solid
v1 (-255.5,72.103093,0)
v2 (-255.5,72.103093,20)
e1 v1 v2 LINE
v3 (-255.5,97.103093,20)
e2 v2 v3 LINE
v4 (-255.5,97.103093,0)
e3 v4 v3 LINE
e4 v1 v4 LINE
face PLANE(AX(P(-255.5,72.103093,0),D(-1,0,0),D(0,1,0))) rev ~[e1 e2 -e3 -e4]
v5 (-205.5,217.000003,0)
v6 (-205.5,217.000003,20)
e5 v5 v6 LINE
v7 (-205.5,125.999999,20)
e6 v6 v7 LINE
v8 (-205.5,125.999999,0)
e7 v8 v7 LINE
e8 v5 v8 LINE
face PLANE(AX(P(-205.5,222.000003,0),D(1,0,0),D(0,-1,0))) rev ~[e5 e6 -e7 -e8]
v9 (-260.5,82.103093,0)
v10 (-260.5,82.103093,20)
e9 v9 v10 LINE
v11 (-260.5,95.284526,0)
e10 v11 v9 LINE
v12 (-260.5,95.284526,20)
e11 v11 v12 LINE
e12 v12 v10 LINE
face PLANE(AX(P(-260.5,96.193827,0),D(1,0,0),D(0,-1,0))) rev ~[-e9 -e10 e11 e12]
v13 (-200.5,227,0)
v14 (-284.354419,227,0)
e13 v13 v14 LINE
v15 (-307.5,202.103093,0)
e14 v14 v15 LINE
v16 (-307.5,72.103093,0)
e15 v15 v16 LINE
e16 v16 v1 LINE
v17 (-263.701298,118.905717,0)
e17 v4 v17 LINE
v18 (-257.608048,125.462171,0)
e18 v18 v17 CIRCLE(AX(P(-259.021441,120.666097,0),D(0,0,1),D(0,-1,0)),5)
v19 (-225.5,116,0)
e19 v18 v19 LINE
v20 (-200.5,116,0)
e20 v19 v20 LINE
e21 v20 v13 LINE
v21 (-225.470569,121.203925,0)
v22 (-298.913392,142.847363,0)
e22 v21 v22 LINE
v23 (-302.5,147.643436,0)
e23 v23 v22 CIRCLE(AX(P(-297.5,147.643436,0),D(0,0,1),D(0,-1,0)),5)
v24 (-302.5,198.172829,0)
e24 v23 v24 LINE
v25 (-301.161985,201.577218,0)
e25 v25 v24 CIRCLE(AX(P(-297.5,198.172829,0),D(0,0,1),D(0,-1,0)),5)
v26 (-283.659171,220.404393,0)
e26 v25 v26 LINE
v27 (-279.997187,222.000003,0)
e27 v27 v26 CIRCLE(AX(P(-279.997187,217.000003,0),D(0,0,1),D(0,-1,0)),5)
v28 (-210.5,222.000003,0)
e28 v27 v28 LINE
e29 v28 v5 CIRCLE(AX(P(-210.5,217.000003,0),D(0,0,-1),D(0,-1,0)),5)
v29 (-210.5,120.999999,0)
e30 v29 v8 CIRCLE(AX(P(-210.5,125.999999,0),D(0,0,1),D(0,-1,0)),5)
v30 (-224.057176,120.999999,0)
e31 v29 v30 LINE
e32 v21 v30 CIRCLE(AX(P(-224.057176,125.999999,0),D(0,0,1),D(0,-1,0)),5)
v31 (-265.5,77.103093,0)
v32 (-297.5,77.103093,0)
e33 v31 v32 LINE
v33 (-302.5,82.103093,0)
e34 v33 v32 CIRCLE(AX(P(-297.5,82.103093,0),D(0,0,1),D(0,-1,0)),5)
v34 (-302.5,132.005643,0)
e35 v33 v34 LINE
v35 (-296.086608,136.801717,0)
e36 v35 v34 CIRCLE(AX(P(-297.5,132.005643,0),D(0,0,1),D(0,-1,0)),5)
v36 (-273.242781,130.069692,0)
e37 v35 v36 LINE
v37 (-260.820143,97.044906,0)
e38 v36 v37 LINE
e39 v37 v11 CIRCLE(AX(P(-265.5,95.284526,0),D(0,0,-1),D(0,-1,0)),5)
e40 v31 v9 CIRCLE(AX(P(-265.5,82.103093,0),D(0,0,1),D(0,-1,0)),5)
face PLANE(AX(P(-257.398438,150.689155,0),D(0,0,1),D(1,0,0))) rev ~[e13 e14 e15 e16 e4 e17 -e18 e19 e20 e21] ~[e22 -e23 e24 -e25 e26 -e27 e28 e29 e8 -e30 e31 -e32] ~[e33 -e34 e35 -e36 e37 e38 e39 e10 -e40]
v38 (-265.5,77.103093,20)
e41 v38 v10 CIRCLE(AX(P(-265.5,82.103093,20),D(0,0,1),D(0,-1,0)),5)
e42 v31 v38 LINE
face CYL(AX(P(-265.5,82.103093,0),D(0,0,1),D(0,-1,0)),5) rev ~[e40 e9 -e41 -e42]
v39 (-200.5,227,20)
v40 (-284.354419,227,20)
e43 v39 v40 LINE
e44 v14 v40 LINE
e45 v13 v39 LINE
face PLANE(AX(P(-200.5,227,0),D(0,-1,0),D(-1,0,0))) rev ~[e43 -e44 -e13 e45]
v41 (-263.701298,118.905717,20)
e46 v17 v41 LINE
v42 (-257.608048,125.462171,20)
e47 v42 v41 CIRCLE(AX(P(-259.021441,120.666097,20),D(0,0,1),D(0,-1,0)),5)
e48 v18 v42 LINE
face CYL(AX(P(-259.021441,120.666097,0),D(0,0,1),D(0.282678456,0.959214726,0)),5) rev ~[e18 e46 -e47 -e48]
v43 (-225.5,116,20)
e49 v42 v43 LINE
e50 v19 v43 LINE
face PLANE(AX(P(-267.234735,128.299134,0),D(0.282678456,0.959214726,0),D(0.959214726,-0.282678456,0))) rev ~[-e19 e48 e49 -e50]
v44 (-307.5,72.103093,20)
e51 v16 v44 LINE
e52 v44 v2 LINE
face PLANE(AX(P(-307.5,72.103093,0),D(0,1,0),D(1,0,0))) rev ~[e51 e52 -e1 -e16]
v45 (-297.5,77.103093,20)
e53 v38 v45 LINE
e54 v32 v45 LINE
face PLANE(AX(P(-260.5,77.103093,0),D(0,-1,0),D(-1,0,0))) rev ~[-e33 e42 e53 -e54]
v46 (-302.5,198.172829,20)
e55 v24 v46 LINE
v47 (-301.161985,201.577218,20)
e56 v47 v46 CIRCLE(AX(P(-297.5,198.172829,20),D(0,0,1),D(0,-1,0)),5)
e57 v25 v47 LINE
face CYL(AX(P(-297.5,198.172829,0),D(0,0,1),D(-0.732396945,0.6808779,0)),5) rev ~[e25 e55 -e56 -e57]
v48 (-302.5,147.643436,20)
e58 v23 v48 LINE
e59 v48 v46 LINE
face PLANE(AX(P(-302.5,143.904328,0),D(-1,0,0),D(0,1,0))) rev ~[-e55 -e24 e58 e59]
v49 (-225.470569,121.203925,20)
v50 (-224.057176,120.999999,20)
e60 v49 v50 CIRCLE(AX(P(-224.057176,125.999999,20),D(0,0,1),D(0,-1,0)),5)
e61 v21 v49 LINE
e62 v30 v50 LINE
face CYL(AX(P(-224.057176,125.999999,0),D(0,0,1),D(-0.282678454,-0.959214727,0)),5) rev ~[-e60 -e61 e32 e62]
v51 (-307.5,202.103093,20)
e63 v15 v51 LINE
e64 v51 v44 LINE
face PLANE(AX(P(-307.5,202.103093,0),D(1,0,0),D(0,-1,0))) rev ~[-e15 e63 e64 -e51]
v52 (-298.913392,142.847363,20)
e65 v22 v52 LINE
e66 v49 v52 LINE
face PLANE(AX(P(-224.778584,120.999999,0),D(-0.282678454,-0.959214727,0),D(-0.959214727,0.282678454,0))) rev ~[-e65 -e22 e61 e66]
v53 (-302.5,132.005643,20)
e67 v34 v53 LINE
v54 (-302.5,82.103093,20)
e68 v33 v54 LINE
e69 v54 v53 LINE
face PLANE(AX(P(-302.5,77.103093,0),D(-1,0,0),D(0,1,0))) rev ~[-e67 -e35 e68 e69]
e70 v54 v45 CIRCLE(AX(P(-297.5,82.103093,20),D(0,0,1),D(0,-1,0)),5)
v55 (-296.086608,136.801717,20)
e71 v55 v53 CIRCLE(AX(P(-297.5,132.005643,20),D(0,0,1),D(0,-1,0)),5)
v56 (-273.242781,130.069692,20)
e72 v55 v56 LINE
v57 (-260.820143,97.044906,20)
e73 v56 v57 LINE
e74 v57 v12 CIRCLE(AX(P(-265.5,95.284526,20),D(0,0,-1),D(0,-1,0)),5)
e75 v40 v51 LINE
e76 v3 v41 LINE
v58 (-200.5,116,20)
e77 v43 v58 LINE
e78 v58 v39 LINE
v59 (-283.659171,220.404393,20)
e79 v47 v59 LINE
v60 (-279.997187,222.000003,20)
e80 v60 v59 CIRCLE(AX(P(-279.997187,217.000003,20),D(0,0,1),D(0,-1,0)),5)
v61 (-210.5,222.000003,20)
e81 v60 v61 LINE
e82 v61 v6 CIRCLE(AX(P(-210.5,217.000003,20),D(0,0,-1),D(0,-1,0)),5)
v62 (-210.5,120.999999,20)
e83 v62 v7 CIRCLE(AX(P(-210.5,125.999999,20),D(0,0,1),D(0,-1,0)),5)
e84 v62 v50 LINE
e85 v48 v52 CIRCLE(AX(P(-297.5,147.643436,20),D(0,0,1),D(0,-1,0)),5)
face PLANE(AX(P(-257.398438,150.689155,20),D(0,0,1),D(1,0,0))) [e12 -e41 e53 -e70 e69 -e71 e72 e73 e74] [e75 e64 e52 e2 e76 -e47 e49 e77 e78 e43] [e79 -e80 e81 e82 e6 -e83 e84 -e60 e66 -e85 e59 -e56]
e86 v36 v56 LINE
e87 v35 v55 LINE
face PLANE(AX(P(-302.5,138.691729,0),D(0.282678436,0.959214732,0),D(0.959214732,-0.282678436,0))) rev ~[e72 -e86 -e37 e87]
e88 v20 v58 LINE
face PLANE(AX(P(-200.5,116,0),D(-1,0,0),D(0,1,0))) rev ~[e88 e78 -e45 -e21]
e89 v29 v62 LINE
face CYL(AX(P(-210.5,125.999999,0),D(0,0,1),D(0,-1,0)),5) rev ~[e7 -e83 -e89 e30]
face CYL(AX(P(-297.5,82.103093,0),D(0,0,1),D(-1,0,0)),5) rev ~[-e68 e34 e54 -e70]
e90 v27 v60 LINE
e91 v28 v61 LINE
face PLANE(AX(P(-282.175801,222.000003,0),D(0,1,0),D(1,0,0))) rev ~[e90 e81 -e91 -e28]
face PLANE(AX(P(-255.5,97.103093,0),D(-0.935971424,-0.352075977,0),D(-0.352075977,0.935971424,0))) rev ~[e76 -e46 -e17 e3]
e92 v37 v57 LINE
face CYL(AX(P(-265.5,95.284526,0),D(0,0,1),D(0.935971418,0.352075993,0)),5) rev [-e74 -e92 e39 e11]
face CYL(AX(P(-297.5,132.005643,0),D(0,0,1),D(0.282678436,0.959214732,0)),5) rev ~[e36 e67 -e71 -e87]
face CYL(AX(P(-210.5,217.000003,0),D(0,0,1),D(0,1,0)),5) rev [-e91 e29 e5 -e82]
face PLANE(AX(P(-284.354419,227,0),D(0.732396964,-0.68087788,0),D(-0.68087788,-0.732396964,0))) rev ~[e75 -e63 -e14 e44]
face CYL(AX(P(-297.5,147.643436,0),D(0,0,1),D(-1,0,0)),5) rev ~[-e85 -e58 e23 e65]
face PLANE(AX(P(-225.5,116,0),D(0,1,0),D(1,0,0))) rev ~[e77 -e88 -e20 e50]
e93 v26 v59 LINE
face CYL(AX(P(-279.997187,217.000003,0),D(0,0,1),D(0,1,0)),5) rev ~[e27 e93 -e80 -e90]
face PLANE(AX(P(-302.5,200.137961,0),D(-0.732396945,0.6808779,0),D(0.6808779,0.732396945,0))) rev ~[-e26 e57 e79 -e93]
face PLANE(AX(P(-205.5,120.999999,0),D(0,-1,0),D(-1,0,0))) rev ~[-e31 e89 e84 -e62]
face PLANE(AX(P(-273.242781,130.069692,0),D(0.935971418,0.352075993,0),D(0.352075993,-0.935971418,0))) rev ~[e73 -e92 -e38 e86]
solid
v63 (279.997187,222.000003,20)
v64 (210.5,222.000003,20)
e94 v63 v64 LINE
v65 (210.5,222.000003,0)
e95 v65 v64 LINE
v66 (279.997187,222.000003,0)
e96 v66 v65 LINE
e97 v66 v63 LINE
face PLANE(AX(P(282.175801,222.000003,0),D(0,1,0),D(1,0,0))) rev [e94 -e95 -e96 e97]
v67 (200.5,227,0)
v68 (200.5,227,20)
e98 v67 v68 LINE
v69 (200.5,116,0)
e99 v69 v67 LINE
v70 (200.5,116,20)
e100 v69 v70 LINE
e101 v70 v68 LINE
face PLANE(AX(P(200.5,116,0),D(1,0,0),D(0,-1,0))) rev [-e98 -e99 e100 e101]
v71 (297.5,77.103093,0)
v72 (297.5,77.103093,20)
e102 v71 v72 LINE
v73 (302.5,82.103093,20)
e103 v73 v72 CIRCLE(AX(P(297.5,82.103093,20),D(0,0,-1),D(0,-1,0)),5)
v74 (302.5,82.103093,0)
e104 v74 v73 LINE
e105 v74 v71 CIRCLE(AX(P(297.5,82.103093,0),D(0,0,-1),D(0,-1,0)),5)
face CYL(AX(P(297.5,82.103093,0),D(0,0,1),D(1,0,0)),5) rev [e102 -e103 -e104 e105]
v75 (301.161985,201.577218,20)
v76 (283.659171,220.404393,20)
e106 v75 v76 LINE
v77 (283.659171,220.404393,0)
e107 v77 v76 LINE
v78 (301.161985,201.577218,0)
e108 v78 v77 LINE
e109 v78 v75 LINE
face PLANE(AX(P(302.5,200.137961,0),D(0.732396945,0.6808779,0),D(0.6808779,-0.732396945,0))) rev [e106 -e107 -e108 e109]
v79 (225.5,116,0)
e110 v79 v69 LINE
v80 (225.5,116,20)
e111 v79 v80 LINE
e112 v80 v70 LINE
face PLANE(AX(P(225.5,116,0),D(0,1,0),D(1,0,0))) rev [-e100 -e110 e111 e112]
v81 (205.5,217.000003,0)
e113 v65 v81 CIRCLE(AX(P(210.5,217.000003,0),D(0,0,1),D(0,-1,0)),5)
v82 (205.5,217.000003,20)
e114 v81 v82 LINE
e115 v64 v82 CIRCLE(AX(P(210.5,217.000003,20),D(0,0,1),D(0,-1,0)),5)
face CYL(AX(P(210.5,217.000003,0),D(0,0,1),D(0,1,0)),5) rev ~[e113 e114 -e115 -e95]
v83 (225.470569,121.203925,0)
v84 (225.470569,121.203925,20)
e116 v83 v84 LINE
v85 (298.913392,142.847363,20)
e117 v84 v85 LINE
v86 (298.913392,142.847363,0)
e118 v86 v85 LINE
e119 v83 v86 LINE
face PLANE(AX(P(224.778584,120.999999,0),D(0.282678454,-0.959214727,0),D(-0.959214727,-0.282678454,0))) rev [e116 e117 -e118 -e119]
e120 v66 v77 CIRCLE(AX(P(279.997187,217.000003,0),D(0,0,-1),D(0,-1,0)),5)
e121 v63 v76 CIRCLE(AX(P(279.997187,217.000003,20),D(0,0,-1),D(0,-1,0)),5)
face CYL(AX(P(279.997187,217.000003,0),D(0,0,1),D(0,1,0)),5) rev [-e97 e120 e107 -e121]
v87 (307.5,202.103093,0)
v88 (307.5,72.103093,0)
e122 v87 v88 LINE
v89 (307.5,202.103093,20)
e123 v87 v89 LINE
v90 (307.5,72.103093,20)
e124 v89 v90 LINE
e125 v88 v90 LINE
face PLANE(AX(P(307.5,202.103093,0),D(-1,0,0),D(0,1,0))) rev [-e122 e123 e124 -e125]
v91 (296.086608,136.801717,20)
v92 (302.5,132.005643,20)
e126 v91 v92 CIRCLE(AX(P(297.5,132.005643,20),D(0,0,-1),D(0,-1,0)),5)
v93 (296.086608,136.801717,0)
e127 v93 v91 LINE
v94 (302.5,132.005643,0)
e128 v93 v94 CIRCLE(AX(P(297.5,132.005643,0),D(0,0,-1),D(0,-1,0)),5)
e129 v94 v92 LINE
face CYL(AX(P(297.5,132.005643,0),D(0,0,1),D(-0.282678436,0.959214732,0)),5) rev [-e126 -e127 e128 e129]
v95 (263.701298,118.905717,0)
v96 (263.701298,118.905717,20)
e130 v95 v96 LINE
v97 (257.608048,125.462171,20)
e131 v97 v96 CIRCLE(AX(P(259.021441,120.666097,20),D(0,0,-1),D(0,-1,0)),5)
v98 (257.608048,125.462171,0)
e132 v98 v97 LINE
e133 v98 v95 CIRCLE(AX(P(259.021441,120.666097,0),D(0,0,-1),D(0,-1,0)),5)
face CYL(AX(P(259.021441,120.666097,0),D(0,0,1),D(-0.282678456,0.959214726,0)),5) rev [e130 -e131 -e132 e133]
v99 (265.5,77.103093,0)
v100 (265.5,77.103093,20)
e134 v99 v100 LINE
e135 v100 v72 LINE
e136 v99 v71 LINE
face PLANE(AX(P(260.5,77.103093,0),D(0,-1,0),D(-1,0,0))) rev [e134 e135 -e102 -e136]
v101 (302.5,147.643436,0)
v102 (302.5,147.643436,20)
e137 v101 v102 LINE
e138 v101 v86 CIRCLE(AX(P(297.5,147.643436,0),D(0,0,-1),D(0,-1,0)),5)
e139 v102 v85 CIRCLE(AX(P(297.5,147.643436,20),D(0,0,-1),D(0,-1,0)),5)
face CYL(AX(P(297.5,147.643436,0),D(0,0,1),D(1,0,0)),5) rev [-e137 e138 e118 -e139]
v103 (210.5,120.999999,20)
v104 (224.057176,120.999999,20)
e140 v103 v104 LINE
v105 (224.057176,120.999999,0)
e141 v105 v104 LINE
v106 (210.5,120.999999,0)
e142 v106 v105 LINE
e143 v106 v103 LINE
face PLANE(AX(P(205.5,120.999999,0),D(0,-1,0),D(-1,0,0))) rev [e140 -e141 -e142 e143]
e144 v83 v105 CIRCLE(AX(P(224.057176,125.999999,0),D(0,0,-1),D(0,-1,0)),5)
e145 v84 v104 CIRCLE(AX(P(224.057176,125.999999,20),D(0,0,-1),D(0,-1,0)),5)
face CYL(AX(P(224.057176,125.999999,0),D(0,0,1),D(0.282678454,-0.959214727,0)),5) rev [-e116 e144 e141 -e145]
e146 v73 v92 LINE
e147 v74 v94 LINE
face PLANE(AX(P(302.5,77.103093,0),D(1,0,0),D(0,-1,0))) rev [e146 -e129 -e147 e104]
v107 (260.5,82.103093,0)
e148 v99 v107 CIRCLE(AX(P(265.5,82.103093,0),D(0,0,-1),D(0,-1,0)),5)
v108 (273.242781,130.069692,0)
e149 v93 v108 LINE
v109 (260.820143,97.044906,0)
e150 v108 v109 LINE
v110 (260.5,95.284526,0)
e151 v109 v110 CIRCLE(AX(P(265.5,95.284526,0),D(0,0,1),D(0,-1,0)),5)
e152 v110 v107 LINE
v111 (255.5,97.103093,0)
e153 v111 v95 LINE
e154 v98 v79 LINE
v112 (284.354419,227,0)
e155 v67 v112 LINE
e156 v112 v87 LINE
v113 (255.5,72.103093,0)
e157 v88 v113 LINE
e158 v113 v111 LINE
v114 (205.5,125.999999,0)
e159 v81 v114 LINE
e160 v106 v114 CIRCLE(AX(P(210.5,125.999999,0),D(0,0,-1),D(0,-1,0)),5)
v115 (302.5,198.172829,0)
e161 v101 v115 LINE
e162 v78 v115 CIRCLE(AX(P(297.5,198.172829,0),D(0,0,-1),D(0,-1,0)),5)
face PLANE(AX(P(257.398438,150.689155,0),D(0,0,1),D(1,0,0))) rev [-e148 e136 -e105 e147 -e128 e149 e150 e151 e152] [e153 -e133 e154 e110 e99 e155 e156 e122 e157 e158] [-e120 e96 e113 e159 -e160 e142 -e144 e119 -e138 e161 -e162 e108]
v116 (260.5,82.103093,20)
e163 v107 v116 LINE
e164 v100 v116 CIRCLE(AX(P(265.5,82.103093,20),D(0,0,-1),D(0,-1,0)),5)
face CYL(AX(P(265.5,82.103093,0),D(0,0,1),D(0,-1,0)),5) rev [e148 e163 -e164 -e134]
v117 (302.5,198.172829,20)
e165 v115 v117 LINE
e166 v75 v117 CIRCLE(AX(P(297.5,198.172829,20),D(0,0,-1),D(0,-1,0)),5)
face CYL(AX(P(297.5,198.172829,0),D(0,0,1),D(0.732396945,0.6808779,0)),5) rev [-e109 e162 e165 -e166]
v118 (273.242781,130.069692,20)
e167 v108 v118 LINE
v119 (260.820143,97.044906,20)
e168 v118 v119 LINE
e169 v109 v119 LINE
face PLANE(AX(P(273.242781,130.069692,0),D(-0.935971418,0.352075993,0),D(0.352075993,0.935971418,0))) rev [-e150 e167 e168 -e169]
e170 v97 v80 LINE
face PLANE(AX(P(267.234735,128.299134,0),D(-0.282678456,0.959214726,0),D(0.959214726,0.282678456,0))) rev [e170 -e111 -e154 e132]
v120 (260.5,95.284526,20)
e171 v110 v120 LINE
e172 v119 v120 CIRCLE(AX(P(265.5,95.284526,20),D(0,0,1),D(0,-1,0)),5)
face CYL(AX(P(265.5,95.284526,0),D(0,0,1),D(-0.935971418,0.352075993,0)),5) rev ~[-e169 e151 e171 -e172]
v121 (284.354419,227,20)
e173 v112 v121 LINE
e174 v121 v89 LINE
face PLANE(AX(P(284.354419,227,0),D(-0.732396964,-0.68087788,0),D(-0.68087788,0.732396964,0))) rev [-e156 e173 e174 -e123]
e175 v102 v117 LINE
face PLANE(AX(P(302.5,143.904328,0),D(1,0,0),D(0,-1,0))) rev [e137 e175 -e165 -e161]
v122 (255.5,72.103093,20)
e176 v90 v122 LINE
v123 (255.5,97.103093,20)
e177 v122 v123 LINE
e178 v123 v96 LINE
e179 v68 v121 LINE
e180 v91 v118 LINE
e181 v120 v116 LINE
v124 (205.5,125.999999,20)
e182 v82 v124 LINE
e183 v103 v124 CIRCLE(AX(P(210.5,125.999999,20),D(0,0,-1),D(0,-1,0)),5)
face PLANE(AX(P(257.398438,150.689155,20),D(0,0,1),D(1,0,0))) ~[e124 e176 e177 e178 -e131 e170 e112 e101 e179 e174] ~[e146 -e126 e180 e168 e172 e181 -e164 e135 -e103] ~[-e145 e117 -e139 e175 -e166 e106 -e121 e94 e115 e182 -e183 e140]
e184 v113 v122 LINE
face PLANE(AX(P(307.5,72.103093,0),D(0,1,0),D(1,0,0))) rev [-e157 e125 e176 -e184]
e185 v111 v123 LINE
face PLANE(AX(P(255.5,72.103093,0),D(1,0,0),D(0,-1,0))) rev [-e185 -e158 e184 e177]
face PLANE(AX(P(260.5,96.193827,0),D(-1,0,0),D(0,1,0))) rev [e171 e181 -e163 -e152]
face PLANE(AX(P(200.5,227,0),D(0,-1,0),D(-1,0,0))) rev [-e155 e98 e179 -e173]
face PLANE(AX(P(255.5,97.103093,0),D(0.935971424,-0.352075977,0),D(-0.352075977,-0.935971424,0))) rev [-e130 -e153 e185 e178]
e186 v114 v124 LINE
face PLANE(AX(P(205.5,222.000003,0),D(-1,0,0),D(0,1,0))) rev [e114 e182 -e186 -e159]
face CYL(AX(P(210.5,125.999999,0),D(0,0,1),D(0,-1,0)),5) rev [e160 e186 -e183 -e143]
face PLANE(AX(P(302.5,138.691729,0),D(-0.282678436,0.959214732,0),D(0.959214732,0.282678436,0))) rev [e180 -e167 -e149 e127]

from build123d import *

# Parameters (mm, degrees)
F1_DEPTH = 20
F2_R     = 5


with BuildPart() as f1:
    # F0 (on Top) → F1 (new body)
    with BuildSketch(Plane.XY):
        Polygon((-267.234735, 128.299134), (-225.5, 116), (-200.5, 116), (-200.5, 227), (-284.354419, 227), (-307.5, 202.103093), (-307.5, 72.103093), (-255.5, 72.103093), (-255.5, 97.103093), align=None)
        Polygon((-273.242781, 130.069692), (-260.5, 96.193827), (-260.5, 77.103093), (-302.5, 77.103093), (-302.5, 138.691729), align=None, mode=Mode.SUBTRACT)
        Polygon((-205.5, 222.000003), (-205.5, 120.999999), (-224.778584, 120.999999), (-302.5, 143.904328), (-302.5, 200.137961), (-282.175801, 222.000003), align=None, mode=Mode.SUBTRACT)
    extrude(amount=F1_DEPTH)

    # F2
    f2_edges = [f1.edges().sort_by_distance(p)[0] for p in [
        (-267.234735, 128.299134, 10),
        (-205.5, 120.999999, 10),
        (-260.5, 96.193827, 10),
        (-260.5, 77.103093, 10),
        (-224.778584, 120.999999, 10),
        (-282.175801, 222.000003, 10),
        (-302.5, 200.137961, 10),
        (-302.5, 138.691729, 10),
        (-302.5, 77.103093, 10),
        (-302.5, 143.904328, 10),
        (-205.5, 222.000003, 10),
    ]]
    fillet(f2_edges, radius=F2_R)


with BuildPart() as f3_1:
    # F3: instance of F1
    add(f1.part.mirror(Plane.YZ))


solid = Compound([f1.part, f3_1.part])
